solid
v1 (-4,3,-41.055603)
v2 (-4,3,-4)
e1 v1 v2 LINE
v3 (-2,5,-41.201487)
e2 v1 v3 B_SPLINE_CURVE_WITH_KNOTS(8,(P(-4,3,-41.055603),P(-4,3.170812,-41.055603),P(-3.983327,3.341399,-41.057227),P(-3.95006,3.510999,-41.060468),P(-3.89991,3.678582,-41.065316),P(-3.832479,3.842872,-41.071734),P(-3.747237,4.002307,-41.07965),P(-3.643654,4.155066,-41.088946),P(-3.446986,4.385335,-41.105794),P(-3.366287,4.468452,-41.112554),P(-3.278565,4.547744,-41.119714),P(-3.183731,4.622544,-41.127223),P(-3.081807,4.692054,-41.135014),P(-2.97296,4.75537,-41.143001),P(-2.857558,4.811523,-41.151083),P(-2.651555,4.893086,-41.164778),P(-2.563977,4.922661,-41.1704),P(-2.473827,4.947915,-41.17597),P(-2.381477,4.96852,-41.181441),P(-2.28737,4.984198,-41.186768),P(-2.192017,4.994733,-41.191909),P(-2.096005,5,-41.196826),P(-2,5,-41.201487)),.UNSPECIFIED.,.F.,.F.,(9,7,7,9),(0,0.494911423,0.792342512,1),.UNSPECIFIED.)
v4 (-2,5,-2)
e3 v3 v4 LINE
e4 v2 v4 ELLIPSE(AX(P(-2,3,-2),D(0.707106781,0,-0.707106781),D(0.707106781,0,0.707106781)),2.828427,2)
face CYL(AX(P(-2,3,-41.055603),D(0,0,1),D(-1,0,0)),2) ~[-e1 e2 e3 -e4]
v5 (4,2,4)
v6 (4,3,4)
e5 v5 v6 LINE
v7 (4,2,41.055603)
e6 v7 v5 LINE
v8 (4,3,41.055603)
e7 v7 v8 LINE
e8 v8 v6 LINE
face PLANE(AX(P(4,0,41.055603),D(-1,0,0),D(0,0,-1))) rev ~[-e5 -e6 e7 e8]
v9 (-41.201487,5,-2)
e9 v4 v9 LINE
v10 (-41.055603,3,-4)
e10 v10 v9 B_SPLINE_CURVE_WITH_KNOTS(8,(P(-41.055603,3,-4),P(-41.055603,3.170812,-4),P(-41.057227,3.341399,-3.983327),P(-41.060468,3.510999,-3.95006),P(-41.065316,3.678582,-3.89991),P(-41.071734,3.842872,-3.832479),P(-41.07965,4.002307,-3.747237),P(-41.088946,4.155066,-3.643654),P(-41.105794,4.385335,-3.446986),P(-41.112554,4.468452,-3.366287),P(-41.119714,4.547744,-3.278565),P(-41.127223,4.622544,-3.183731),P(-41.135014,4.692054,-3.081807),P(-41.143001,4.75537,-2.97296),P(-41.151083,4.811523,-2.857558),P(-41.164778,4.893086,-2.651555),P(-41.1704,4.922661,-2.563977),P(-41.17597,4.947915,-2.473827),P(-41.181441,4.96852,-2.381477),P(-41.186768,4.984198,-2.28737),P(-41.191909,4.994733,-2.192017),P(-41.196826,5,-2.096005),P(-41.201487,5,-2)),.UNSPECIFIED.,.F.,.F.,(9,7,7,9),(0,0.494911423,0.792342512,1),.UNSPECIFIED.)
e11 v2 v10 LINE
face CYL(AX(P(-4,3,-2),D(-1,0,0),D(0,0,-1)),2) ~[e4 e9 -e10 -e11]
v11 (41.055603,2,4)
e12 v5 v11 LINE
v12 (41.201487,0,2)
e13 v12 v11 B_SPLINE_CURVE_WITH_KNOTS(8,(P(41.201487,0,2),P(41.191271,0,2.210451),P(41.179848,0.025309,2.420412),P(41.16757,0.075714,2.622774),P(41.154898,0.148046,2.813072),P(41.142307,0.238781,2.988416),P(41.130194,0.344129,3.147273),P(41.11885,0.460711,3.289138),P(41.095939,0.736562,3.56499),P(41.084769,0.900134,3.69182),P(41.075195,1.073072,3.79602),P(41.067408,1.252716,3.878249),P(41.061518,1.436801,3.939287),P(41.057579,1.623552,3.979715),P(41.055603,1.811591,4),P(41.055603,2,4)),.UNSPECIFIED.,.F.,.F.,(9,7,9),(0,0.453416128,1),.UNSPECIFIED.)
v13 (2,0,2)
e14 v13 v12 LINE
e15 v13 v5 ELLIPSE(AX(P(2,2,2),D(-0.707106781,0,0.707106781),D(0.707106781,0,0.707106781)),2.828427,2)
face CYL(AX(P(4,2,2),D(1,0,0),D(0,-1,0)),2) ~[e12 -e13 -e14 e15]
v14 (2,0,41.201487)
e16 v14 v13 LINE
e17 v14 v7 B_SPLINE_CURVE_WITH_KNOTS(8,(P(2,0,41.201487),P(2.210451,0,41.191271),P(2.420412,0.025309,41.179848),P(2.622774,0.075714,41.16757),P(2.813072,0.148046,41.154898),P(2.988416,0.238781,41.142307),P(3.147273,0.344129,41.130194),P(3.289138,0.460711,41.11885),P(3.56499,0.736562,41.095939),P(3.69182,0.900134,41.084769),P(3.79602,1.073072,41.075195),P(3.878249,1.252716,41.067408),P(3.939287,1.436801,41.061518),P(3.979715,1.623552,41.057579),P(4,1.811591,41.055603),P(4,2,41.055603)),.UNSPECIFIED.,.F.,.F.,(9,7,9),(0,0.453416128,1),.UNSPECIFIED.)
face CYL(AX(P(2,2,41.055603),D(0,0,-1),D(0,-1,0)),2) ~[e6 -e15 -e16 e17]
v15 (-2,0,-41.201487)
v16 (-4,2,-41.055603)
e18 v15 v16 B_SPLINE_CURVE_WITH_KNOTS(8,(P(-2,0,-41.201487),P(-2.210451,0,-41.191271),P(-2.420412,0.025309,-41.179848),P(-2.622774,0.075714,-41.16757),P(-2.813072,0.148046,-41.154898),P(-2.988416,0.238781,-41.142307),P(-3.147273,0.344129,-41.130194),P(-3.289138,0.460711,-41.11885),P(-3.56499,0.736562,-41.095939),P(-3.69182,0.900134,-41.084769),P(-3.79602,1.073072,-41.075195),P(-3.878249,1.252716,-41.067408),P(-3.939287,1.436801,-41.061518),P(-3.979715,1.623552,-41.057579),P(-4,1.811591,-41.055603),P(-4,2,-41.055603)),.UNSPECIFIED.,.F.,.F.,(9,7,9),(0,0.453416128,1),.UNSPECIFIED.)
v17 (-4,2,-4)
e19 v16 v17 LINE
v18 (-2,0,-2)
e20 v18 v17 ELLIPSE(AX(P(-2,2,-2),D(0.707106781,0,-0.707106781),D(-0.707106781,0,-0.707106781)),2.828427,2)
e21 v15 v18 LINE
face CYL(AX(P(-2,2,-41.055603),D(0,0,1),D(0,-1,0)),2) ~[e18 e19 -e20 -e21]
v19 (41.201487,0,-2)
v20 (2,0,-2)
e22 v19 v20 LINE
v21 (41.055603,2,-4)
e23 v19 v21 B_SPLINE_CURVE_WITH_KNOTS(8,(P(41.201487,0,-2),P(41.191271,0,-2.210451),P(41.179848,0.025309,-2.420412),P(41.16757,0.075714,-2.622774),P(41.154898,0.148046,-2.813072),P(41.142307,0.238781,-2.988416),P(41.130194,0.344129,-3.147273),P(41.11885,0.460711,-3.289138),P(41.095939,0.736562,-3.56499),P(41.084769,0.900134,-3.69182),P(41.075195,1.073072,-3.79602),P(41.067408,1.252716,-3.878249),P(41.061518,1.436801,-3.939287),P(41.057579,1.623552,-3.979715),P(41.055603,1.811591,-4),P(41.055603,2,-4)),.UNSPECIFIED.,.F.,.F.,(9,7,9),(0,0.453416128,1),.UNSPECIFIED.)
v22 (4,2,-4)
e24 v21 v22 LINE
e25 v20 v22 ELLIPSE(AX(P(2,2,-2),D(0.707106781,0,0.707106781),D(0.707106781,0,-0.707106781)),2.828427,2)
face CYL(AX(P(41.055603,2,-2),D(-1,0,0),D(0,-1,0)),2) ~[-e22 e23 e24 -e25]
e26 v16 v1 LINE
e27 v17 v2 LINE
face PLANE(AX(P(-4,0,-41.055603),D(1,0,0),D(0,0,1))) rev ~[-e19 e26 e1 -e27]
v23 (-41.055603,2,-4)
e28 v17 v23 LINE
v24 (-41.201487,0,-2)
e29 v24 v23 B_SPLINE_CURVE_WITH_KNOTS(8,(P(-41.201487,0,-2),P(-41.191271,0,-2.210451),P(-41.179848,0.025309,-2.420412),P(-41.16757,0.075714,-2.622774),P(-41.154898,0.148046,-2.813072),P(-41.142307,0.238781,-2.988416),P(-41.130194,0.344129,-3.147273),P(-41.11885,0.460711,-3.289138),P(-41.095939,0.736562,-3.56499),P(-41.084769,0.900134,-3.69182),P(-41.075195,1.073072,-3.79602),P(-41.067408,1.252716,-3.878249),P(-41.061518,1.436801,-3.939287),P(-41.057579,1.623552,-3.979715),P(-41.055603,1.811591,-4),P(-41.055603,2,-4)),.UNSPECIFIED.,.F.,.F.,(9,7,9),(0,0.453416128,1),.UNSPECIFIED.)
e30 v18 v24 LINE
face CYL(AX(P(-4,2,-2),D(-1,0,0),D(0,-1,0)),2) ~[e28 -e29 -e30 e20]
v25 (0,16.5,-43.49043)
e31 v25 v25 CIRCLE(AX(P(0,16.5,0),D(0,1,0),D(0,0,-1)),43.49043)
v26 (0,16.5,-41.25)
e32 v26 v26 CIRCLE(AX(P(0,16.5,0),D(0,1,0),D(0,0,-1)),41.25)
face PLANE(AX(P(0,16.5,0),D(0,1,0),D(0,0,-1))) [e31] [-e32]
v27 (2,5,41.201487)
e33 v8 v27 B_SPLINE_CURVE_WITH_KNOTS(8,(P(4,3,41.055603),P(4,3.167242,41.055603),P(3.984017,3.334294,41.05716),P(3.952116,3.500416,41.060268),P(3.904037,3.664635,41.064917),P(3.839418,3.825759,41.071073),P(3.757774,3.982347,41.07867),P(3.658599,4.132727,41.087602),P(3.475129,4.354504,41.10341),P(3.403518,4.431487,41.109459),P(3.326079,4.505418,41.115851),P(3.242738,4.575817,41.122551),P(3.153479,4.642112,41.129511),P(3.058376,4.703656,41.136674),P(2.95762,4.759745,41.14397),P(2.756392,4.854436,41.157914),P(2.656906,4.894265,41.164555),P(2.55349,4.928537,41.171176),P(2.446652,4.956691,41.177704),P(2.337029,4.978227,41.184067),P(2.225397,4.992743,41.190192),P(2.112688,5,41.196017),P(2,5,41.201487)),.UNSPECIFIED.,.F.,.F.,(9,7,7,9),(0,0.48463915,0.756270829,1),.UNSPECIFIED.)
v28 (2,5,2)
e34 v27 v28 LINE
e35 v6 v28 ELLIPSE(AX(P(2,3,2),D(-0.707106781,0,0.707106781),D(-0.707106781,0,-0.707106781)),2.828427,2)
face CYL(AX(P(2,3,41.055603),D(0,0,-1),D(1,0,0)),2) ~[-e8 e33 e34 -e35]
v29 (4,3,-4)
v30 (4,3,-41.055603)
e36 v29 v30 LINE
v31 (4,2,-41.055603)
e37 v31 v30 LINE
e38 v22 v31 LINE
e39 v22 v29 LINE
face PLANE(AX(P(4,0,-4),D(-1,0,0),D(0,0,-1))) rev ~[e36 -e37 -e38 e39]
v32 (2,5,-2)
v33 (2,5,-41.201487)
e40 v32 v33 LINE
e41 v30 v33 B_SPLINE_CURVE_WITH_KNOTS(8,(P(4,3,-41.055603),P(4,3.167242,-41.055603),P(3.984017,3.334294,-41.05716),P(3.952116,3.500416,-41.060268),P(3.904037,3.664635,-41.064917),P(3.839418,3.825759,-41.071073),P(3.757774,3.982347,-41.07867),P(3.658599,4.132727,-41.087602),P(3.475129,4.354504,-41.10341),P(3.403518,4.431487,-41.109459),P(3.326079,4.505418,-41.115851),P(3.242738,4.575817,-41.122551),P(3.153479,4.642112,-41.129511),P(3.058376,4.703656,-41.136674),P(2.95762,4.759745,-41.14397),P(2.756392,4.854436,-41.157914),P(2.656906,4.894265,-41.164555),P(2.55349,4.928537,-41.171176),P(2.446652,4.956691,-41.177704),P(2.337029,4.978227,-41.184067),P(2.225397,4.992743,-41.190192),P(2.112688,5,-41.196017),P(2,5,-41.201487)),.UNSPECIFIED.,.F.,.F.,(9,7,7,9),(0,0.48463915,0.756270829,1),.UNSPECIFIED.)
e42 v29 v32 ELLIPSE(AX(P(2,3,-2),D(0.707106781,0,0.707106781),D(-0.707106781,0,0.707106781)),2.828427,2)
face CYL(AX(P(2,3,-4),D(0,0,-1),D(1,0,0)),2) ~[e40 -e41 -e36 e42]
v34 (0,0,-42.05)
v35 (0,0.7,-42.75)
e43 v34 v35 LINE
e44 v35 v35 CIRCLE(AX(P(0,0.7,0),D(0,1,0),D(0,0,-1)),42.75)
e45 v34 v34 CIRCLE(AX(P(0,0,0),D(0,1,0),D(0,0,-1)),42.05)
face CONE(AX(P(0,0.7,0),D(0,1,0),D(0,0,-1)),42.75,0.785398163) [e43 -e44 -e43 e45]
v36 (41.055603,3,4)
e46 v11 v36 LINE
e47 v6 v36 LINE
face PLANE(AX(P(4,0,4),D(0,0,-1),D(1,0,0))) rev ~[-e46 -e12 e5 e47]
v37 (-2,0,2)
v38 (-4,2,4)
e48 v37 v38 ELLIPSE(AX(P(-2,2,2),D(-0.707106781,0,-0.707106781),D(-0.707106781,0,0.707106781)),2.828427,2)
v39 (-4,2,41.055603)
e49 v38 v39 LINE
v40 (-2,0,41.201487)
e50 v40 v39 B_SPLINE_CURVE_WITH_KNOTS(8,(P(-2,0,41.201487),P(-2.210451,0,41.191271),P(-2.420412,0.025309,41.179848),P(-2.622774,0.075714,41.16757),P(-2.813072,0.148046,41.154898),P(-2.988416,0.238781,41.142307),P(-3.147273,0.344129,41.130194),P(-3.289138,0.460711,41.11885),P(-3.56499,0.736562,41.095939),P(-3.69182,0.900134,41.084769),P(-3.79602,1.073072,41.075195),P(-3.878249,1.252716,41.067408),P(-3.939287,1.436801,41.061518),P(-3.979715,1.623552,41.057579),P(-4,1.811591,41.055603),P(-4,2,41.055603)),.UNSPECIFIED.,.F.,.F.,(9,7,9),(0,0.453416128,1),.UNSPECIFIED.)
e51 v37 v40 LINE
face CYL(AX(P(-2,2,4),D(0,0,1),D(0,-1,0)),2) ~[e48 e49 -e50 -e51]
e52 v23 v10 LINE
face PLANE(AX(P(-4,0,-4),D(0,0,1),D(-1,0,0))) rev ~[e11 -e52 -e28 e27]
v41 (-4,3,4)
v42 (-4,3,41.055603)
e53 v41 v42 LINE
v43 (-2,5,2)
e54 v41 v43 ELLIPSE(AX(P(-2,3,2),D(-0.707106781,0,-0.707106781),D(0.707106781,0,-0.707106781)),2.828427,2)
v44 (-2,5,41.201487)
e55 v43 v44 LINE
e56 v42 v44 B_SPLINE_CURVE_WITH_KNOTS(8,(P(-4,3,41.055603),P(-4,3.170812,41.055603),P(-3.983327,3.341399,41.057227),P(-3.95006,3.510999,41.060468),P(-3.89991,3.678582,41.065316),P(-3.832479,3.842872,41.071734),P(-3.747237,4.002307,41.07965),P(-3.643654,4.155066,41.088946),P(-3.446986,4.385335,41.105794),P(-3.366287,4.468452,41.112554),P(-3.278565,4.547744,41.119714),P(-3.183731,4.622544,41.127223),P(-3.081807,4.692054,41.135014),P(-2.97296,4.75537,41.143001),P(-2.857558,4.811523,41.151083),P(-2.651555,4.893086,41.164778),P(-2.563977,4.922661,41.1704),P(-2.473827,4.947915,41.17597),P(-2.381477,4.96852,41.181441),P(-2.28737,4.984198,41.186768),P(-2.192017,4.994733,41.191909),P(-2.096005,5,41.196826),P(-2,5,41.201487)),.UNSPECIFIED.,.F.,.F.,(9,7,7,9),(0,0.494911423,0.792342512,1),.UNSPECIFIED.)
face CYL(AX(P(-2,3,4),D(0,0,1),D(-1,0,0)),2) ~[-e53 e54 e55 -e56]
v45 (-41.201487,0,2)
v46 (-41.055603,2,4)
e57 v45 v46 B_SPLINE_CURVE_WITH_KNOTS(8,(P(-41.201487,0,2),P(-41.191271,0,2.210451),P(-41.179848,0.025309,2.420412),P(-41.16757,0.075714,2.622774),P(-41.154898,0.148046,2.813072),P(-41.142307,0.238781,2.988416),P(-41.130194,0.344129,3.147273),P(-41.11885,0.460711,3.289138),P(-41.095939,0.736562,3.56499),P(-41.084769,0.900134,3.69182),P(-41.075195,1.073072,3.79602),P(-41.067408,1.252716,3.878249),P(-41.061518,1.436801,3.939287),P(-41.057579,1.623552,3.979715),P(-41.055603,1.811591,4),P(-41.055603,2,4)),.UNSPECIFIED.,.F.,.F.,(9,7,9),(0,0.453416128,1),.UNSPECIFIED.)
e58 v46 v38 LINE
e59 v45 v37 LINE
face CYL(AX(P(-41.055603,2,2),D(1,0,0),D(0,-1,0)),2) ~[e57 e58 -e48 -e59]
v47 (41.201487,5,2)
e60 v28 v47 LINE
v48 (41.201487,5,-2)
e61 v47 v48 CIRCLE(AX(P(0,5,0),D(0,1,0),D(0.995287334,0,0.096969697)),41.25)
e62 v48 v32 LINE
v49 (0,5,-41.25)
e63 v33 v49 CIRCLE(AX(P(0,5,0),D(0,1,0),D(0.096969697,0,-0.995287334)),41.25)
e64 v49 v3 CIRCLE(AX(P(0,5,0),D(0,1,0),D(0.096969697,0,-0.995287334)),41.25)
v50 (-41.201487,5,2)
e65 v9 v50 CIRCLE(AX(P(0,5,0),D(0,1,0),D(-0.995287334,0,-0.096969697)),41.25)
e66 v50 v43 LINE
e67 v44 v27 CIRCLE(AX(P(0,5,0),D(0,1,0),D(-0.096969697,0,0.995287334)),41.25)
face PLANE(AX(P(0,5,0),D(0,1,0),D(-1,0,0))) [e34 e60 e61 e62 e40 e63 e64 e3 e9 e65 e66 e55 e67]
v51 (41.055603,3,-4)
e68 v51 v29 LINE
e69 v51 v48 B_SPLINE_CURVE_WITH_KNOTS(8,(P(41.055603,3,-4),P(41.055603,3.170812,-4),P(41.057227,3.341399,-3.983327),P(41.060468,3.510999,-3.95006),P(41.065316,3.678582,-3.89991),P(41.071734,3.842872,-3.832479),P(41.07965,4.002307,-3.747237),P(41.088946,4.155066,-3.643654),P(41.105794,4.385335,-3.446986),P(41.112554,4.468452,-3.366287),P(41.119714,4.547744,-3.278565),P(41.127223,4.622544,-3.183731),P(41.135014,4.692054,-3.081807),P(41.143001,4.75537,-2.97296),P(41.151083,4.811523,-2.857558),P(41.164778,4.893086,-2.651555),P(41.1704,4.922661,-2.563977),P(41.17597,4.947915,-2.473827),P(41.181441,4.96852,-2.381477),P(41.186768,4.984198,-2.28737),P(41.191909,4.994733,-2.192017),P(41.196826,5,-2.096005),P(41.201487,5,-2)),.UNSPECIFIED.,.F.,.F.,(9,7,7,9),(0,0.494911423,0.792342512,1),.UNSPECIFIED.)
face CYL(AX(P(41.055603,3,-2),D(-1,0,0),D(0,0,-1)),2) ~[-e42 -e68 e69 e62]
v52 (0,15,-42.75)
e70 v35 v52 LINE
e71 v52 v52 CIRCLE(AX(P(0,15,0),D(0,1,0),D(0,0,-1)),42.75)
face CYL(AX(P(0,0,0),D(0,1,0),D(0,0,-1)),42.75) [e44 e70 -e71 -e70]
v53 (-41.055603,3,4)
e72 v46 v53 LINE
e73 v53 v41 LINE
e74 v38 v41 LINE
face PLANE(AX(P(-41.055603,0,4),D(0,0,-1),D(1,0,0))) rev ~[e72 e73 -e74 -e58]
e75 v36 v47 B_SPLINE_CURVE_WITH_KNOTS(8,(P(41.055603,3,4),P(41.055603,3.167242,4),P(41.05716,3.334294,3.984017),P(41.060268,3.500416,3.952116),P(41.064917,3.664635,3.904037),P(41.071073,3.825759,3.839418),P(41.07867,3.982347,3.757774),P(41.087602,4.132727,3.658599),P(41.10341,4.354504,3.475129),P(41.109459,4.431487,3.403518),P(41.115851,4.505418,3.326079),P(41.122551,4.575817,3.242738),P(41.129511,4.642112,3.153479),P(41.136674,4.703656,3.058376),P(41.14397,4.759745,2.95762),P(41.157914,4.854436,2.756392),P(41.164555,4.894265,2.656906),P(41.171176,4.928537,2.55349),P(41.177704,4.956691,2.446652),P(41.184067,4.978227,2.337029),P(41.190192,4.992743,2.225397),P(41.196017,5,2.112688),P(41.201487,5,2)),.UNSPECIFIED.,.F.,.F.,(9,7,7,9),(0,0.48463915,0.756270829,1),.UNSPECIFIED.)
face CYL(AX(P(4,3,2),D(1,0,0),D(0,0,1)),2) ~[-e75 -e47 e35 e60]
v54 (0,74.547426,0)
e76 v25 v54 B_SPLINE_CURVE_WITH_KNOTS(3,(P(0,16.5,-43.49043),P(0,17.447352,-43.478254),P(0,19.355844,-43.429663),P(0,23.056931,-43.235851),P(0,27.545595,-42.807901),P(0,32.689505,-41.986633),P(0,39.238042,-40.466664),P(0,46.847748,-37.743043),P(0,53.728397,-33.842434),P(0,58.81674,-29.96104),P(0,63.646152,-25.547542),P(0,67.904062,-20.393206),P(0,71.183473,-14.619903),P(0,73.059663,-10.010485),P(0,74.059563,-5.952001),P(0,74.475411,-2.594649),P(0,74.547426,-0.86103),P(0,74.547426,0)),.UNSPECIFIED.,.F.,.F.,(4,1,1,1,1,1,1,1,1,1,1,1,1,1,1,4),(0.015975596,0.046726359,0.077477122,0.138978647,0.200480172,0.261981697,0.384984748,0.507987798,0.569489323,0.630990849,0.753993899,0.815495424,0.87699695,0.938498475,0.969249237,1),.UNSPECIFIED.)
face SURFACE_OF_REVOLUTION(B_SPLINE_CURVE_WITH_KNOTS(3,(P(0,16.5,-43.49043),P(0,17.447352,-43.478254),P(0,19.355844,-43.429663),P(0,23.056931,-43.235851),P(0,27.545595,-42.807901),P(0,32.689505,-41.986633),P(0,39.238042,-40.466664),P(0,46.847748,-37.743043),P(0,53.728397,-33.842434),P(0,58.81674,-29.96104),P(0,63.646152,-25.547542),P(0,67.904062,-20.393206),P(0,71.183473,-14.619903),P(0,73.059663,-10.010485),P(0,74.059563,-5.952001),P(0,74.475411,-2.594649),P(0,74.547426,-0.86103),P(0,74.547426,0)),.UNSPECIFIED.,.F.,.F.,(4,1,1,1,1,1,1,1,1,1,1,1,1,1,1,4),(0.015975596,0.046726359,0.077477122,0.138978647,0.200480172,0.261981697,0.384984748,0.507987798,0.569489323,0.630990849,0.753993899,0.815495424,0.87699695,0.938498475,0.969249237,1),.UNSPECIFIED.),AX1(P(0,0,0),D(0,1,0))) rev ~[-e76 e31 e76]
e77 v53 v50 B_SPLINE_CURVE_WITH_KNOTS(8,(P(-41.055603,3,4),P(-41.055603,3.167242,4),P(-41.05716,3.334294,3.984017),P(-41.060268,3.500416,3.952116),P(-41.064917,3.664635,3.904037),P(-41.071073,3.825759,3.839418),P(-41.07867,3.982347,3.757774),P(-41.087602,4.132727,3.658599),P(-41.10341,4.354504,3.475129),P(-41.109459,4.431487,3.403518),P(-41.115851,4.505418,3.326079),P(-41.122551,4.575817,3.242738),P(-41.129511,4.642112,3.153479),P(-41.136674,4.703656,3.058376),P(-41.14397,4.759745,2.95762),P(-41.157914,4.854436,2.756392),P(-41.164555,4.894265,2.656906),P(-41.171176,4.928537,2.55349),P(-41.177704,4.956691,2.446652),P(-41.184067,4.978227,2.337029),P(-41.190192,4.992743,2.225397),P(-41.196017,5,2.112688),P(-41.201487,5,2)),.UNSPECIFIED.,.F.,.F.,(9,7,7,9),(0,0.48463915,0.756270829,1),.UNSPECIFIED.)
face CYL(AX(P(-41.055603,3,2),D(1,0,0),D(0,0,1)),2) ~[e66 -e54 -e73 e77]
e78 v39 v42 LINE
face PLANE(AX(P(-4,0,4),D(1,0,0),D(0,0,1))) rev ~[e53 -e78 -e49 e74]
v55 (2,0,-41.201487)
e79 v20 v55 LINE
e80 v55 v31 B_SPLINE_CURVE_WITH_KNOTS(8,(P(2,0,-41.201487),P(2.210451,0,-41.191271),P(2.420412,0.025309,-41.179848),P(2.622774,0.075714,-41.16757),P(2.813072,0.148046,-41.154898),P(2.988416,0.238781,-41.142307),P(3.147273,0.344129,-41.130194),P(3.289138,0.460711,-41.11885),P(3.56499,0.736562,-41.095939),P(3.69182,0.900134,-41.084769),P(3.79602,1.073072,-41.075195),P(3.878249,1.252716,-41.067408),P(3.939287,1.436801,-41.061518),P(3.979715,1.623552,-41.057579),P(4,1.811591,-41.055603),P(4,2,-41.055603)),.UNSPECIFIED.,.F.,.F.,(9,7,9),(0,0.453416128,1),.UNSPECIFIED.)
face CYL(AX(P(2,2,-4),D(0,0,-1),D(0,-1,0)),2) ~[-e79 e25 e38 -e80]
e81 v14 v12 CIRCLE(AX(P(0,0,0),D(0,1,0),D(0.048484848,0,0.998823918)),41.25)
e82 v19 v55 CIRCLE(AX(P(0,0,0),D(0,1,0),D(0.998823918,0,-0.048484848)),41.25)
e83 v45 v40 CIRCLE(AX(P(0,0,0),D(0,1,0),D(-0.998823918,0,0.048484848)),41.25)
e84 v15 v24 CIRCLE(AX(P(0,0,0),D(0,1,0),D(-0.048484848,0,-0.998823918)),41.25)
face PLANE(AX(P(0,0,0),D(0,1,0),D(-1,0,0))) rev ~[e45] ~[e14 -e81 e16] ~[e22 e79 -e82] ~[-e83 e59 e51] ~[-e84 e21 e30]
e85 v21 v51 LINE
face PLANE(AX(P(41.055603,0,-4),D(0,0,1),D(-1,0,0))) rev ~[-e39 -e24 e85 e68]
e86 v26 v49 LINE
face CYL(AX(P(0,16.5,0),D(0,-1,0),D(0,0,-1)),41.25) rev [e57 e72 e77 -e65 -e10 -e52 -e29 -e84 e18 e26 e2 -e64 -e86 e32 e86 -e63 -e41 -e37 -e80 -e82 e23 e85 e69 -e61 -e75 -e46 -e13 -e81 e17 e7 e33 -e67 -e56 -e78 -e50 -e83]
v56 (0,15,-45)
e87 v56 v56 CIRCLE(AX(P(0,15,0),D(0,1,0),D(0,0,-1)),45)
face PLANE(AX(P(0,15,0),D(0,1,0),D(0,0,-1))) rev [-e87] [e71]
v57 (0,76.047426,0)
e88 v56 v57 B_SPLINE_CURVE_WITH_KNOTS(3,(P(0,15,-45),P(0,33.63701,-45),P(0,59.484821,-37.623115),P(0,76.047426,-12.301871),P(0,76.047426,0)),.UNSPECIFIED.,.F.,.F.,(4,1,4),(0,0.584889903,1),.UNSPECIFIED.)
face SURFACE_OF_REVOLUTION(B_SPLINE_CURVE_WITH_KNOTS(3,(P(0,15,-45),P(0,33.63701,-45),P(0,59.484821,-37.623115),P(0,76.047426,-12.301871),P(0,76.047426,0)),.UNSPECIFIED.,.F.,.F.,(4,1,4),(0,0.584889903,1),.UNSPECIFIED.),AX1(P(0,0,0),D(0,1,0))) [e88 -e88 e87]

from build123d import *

# Parameters (mm, degrees)
BOSS_EXTRUDE2_DEPTH = 5
CHAMFER1_SIZE       = 0.7
FILLET1_R           = 2


with BuildPart() as part:
    # Sketch3 → Revolve1 (revolve)
    with BuildSketch(Plane.XY, mode=Mode.PRIVATE) as revolve1_sk:
        with BuildLine():
            Line((-41.25, 0), (-42.75, 0))
            Line((-42.75, 0), (-42.75, 15))
            Line((-42.75, 15), (-45, 15))
            add(Edge.make_bspline(
                [(-45, 15), (-45, 33.63701026), (-37.623115354, 59.484821268), (-12.301870518, 76.047426191), (0, 76.047426191)],
                knots=[0, 0, 0, 0, 0.584889903, 1, 1, 1, 1], degree=3))
            Line((0, 76.047426191), (0, 74.547426191))
            add(Edge.make_bspline(
                [(-43.490429879, 16.5), (-43.47825423, 17.447352), (-43.4296633, 19.355844405), (-43.235850844, 23.056930634), (-42.807900532, 27.545595426), (-41.986633297, 32.689505156), (-40.466663576, 39.238041503), (-37.743043327, 46.847747671), (-33.842433939, 53.728397249), (-29.961040028, 58.81673956), (-25.547541887, 63.646152056), (-20.393205683, 67.904061547), (-14.619902999, 71.183472612), (-10.010485444, 73.05966314), (-5.95200064, 74.059562605), (-2.594649158, 74.475411437), (-0.861029569, 74.547426191), (0, 74.547426191)],
                knots=[0.015975596, 0.015975596, 0.015975596, 0.015975596, 0.046726359, 0.077477122, 0.138978647, 0.200480172, 0.261981697, 0.384984748, 0.507987798, 0.569489323, 0.630990849, 0.753993899, 0.815495424, 0.87699695, 0.938498475, 0.969249237, 1, 1, 1, 1], degree=3))
            Line((-43.490429879, 16.5), (-42.75, 16.5))
            Line((-42.75, 16.5), (-41.25, 16.5))
            Line((-41.25, 16.5), (-41.25, 15))
            Line((-41.25, 15), (-41.25, 0))
        make_face()
    revolve(revolve1_sk.sketch.rotate(Axis((0, 0, 0), (0, 1, 0)), 270), axis=Axis((0, 0, 0), (0, 1, 0)))

    # Sketch4 → Boss-Extrude2 (add)
    with BuildSketch(Plane.XZ):
        with BuildLine():
            Line((-41.055602541, 4), (-4, 4))
            Line((-4, 4), (-4, 41.055602541))
            ThreePointArc((-4, 41.055602541), (0, 41.25), (4, 41.055602541))
            Line((4, 41.055602541), (4, 4))
            Line((4, 4), (41.055602541, 4))
            ThreePointArc((41.055602541, 4), (41.25, 0), (41.055602541, -4))
            Line((41.055602541, -4), (4, -4))
            Line((4, -4), (4, -41.055602541))
            ThreePointArc((4, -41.055602541), (0, -41.25), (-4, -41.055602541))
            Line((-4, -41.055602541), (-4, -4))
            Line((-4, -4), (-41.055602541, -4))
            ThreePointArc((-41.055602541, -4), (-41.25, 0), (-41.055602541, 4))
        make_face()
    extrude(amount=-BOSS_EXTRUDE2_DEPTH)

    # Chamfer1
    chamfer1_edges = [part.edges().sort_by_distance(p)[0] for p in [
        (0, 0, 42.75),
    ]]
    chamfer(chamfer1_edges, length=CHAMFER1_SIZE)

    # Fillet1
    fillet1_edges = [part.edges().sort_by_distance(p)[0] for p in [
        (-22.52780127, 5, 4),
        (-4, 5, 22.52780127),
        (4, 5, 22.52780127),
        (22.52780127, 5, 4),
        (22.52780127, 5, -4),
        (4, 5, -22.52780127),
        (-4, 5, -22.52780127),
        (-22.52780127, 5, -4),
        (-22.52780127, 0, -4),
        (-4, 0, -22.52780127),
        (4, 0, -22.52780127),
        (22.52780127, 0, -4),
        (22.52780127, 0, 4),
        (4, 0, 22.52780127),
        (-4, 0, 22.52780127),
        (-22.52780127, 0, 4),
    ]]
    fillet(fillet1_edges, radius=FILLET1_R)


solid = part.part
